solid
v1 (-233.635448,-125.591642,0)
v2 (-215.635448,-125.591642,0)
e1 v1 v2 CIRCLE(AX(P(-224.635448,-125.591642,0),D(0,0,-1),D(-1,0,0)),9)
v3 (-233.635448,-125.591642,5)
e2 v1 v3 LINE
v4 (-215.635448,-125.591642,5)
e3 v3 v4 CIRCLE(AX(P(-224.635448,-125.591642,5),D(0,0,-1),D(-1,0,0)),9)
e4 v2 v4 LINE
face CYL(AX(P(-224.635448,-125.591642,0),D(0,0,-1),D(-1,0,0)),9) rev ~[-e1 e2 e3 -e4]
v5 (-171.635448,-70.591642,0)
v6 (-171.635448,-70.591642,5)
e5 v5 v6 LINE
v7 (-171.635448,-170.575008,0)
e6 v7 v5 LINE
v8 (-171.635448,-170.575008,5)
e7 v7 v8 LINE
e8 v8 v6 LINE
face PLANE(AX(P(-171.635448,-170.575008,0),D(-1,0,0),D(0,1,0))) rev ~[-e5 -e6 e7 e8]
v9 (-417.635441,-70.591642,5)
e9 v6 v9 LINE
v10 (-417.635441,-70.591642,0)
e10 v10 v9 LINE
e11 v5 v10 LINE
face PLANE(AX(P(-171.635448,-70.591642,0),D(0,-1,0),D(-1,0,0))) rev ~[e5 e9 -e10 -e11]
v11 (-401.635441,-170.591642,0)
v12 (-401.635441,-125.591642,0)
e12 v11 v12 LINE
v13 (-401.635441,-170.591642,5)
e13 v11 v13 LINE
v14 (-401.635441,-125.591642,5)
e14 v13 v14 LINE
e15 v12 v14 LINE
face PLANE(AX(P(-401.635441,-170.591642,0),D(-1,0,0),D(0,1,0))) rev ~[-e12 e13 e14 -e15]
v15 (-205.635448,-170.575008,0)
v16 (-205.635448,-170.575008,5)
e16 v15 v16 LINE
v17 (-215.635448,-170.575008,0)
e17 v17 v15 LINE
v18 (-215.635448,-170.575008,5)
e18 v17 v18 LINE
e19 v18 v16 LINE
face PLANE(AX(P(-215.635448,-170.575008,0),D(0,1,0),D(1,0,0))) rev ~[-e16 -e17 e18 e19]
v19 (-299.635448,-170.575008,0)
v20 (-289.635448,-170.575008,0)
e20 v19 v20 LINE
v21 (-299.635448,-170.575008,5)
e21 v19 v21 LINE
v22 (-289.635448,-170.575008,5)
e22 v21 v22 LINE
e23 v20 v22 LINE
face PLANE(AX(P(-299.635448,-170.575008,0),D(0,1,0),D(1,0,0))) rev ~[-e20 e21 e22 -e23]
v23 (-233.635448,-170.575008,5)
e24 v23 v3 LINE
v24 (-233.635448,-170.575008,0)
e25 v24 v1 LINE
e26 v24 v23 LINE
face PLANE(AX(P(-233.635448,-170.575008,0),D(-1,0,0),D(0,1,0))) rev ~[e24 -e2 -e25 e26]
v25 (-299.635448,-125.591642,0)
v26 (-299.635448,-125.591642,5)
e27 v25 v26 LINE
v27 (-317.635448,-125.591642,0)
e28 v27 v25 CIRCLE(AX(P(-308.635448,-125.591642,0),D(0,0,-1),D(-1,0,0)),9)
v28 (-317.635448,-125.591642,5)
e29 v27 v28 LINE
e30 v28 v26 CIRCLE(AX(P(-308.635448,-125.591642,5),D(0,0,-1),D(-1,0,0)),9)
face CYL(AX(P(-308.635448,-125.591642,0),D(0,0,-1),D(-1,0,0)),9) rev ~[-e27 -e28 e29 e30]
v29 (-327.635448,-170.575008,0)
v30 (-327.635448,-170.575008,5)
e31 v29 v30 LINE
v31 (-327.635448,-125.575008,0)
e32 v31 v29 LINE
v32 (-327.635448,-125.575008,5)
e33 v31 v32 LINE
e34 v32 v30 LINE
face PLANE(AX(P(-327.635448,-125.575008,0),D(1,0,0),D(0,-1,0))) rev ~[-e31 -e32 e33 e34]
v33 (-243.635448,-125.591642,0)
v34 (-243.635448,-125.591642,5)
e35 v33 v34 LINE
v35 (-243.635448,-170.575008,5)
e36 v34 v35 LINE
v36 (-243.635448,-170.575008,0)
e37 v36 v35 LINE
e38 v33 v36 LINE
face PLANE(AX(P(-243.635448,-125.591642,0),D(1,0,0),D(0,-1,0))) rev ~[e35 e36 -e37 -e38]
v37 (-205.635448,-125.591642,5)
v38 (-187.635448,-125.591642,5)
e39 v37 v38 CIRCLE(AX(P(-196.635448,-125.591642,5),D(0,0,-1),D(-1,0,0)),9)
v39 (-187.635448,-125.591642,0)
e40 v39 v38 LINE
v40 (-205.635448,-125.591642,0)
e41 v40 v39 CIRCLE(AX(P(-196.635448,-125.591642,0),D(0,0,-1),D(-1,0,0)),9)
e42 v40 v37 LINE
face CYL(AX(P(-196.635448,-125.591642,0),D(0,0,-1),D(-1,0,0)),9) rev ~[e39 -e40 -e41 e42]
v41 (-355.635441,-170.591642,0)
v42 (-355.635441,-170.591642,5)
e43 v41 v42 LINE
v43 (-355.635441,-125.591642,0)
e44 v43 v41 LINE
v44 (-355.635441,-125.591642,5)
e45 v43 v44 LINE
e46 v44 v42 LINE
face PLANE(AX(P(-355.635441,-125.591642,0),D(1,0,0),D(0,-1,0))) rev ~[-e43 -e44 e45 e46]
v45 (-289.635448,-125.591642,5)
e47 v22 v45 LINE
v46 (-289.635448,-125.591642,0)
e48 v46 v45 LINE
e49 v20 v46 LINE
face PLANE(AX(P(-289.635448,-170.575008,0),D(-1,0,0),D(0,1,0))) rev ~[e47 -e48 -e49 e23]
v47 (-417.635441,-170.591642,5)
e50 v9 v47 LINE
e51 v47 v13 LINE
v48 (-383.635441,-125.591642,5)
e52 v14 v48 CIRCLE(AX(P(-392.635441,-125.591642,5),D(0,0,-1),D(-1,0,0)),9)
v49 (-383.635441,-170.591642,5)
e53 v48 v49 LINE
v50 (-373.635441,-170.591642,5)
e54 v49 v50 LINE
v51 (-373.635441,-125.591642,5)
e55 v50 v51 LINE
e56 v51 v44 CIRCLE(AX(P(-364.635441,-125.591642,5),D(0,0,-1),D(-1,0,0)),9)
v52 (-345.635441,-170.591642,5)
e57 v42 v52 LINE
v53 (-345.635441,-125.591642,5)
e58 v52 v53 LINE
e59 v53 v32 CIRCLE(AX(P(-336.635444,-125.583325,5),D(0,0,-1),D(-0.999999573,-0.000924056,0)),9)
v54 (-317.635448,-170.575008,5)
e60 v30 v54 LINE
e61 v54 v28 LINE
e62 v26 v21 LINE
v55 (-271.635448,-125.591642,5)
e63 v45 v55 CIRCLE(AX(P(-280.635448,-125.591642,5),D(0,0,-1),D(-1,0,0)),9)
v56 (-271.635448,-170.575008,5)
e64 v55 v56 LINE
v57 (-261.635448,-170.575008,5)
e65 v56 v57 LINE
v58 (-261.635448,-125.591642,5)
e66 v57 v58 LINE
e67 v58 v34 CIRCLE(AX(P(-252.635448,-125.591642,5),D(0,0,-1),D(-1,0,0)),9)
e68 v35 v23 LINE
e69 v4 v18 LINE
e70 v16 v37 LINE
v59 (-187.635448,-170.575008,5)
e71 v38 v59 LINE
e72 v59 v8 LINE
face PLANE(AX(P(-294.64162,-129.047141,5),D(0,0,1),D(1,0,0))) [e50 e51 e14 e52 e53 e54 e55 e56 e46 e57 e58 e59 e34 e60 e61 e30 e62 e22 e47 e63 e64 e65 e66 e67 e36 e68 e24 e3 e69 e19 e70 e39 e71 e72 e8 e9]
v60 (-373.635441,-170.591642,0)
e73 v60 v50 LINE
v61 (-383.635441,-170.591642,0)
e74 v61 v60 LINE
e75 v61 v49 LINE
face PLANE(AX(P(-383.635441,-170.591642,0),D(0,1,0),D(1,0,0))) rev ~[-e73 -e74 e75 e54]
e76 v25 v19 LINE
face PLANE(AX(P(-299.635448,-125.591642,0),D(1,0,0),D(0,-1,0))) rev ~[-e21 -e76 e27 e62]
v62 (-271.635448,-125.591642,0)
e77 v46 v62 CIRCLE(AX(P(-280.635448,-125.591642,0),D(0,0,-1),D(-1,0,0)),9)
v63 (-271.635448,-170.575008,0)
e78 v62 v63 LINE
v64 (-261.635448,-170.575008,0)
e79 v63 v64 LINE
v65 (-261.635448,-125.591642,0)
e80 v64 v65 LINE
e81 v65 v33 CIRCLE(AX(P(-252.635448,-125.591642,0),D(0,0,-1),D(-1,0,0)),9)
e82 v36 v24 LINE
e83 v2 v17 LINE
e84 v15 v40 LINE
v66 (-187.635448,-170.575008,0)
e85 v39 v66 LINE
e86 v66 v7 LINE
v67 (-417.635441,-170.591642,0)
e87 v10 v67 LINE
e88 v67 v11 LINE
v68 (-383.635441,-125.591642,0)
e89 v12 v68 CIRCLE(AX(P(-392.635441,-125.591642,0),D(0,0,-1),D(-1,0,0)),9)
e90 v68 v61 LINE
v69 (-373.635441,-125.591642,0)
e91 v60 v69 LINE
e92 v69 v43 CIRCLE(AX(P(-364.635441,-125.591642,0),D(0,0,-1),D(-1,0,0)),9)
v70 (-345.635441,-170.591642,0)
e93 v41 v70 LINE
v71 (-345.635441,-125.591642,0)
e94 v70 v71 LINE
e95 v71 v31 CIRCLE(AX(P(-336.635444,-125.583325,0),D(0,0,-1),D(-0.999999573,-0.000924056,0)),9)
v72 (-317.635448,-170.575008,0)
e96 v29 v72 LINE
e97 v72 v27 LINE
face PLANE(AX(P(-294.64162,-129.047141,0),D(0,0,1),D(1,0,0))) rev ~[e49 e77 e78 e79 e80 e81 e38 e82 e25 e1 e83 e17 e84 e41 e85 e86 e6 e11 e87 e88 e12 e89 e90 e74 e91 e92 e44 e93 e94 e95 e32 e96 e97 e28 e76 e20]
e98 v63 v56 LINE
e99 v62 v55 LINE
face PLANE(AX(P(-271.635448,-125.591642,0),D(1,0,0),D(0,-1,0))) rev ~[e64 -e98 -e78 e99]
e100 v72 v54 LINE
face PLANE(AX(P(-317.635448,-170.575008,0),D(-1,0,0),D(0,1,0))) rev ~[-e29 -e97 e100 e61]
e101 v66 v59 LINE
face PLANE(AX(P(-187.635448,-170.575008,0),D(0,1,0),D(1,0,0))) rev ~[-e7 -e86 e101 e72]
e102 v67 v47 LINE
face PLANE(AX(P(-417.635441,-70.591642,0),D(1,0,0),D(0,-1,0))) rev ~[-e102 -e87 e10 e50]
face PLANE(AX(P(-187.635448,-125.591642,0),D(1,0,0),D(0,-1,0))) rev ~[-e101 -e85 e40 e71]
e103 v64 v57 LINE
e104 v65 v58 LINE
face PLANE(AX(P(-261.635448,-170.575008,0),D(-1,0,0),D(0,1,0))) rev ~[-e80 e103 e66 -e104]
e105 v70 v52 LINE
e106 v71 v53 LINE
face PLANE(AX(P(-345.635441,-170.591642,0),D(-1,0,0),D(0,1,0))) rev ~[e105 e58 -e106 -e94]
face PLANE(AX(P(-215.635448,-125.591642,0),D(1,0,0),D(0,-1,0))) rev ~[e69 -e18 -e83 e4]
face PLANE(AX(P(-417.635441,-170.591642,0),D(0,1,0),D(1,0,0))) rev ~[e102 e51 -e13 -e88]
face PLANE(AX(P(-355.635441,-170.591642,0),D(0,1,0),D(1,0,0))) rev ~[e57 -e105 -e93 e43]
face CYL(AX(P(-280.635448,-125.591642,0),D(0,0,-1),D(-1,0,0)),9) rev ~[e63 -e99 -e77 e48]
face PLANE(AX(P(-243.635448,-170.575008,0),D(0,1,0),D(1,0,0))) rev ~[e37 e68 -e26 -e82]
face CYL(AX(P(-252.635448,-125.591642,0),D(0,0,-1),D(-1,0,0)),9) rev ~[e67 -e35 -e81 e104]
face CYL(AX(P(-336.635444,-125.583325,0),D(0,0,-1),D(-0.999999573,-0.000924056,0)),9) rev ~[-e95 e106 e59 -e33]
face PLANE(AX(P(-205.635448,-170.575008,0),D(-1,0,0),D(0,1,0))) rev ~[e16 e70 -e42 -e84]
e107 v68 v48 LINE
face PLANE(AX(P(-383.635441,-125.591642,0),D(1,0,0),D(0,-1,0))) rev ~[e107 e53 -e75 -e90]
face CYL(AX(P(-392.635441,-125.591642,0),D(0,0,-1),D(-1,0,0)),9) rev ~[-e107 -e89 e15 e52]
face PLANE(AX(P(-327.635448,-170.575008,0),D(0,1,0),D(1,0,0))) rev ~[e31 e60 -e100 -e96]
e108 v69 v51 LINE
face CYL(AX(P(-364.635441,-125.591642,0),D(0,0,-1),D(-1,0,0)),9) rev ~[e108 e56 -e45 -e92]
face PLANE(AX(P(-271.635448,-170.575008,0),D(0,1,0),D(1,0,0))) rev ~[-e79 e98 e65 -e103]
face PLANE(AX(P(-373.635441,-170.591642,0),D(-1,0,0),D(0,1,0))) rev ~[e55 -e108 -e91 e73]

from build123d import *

# Parameters (mm, degrees)
F1_DEPTH = 5


with BuildPart() as f1:
    # F0 (on Top) → F1 (new body)
    with BuildSketch(Plane.XY):
        with BuildLine():
            Line((-171.635448, -70.591642), (-417.635441, -70.591642))
            Line((-417.635441, -70.591642), (-417.635441, -170.591642))
            Line((-417.635441, -170.591642), (-401.635441, -170.591642))
            Line((-401.635441, -170.591642), (-401.635441, -125.591642))
            ThreePointArc((-401.635441, -125.591642), (-392.635441, -116.591642), (-383.635441, -125.591642))
            Line((-383.635441, -125.591642), (-383.635441, -170.591642))
            Line((-383.635441, -170.591642), (-373.635441, -170.591642))
            Line((-373.635441, -170.591642), (-373.635441, -125.591642))
            ThreePointArc((-373.635441, -125.591642), (-364.635441, -116.591642), (-355.635441, -125.591642))
            Line((-355.635441, -125.591642), (-355.635441, -130.575008))
            Line((-355.635441, -130.575008), (-355.635441, -170.591642))
            Line((-355.635441, -170.591642), (-345.635441, -170.591642))
            Line((-345.635441, -170.591642), (-345.635441, -125.591642))
            ThreePointArc((-345.635441, -125.591642), (-336.643762, -116.583329), (-327.635448, -125.575008))
            Line((-327.635448, -125.575008), (-327.635448, -170.575008))
            Line((-327.635448, -170.575008), (-317.635448, -170.575008))
            Line((-317.635448, -170.575008), (-317.635448, -125.591642))
            ThreePointArc((-317.635448, -125.591642), (-308.635448, -116.591642), (-299.635448, -125.591642))
            Line((-299.635448, -125.591642), (-299.635448, -170.575008))
            Line((-299.635448, -170.575008), (-289.635448, -170.575008))
            Line((-289.635448, -170.575008), (-289.635448, -125.591642))
            ThreePointArc((-289.635448, -125.591642), (-280.635448, -116.591642), (-271.635448, -125.591642))
            Line((-271.635448, -125.591642), (-271.635448, -170.575008))
            Line((-271.635448, -170.575008), (-261.635448, -170.575008))
            Line((-261.635448, -170.575008), (-261.635448, -125.591642))
            ThreePointArc((-261.635448, -125.591642), (-252.635448, -116.591642), (-243.635448, -125.591642))
            Line((-243.635448, -125.591642), (-243.635448, -170.575008))
            Line((-243.635448, -170.575008), (-233.635448, -170.575008))
            Line((-233.635448, -170.575008), (-233.635448, -125.591642))
            ThreePointArc((-233.635448, -125.591642), (-224.635448, -116.591642), (-215.635448, -125.591642))
            Line((-215.635448, -125.591642), (-215.635448, -170.575008))
            Line((-215.635448, -170.575008), (-205.635448, -170.575008))
            Line((-205.635448, -170.575008), (-205.635448, -125.591642))
            ThreePointArc((-205.635448, -125.591642), (-196.635448, -116.591642), (-187.635448, -125.591642))
            Line((-187.635448, -125.591642), (-187.635448, -170.575008))
            Line((-187.635448, -170.575008), (-171.635448, -170.575008))
            Line((-171.635448, -170.575008), (-171.635448, -70.591642))
        make_face()
    extrude(amount=F1_DEPTH)


solid = f1.part
